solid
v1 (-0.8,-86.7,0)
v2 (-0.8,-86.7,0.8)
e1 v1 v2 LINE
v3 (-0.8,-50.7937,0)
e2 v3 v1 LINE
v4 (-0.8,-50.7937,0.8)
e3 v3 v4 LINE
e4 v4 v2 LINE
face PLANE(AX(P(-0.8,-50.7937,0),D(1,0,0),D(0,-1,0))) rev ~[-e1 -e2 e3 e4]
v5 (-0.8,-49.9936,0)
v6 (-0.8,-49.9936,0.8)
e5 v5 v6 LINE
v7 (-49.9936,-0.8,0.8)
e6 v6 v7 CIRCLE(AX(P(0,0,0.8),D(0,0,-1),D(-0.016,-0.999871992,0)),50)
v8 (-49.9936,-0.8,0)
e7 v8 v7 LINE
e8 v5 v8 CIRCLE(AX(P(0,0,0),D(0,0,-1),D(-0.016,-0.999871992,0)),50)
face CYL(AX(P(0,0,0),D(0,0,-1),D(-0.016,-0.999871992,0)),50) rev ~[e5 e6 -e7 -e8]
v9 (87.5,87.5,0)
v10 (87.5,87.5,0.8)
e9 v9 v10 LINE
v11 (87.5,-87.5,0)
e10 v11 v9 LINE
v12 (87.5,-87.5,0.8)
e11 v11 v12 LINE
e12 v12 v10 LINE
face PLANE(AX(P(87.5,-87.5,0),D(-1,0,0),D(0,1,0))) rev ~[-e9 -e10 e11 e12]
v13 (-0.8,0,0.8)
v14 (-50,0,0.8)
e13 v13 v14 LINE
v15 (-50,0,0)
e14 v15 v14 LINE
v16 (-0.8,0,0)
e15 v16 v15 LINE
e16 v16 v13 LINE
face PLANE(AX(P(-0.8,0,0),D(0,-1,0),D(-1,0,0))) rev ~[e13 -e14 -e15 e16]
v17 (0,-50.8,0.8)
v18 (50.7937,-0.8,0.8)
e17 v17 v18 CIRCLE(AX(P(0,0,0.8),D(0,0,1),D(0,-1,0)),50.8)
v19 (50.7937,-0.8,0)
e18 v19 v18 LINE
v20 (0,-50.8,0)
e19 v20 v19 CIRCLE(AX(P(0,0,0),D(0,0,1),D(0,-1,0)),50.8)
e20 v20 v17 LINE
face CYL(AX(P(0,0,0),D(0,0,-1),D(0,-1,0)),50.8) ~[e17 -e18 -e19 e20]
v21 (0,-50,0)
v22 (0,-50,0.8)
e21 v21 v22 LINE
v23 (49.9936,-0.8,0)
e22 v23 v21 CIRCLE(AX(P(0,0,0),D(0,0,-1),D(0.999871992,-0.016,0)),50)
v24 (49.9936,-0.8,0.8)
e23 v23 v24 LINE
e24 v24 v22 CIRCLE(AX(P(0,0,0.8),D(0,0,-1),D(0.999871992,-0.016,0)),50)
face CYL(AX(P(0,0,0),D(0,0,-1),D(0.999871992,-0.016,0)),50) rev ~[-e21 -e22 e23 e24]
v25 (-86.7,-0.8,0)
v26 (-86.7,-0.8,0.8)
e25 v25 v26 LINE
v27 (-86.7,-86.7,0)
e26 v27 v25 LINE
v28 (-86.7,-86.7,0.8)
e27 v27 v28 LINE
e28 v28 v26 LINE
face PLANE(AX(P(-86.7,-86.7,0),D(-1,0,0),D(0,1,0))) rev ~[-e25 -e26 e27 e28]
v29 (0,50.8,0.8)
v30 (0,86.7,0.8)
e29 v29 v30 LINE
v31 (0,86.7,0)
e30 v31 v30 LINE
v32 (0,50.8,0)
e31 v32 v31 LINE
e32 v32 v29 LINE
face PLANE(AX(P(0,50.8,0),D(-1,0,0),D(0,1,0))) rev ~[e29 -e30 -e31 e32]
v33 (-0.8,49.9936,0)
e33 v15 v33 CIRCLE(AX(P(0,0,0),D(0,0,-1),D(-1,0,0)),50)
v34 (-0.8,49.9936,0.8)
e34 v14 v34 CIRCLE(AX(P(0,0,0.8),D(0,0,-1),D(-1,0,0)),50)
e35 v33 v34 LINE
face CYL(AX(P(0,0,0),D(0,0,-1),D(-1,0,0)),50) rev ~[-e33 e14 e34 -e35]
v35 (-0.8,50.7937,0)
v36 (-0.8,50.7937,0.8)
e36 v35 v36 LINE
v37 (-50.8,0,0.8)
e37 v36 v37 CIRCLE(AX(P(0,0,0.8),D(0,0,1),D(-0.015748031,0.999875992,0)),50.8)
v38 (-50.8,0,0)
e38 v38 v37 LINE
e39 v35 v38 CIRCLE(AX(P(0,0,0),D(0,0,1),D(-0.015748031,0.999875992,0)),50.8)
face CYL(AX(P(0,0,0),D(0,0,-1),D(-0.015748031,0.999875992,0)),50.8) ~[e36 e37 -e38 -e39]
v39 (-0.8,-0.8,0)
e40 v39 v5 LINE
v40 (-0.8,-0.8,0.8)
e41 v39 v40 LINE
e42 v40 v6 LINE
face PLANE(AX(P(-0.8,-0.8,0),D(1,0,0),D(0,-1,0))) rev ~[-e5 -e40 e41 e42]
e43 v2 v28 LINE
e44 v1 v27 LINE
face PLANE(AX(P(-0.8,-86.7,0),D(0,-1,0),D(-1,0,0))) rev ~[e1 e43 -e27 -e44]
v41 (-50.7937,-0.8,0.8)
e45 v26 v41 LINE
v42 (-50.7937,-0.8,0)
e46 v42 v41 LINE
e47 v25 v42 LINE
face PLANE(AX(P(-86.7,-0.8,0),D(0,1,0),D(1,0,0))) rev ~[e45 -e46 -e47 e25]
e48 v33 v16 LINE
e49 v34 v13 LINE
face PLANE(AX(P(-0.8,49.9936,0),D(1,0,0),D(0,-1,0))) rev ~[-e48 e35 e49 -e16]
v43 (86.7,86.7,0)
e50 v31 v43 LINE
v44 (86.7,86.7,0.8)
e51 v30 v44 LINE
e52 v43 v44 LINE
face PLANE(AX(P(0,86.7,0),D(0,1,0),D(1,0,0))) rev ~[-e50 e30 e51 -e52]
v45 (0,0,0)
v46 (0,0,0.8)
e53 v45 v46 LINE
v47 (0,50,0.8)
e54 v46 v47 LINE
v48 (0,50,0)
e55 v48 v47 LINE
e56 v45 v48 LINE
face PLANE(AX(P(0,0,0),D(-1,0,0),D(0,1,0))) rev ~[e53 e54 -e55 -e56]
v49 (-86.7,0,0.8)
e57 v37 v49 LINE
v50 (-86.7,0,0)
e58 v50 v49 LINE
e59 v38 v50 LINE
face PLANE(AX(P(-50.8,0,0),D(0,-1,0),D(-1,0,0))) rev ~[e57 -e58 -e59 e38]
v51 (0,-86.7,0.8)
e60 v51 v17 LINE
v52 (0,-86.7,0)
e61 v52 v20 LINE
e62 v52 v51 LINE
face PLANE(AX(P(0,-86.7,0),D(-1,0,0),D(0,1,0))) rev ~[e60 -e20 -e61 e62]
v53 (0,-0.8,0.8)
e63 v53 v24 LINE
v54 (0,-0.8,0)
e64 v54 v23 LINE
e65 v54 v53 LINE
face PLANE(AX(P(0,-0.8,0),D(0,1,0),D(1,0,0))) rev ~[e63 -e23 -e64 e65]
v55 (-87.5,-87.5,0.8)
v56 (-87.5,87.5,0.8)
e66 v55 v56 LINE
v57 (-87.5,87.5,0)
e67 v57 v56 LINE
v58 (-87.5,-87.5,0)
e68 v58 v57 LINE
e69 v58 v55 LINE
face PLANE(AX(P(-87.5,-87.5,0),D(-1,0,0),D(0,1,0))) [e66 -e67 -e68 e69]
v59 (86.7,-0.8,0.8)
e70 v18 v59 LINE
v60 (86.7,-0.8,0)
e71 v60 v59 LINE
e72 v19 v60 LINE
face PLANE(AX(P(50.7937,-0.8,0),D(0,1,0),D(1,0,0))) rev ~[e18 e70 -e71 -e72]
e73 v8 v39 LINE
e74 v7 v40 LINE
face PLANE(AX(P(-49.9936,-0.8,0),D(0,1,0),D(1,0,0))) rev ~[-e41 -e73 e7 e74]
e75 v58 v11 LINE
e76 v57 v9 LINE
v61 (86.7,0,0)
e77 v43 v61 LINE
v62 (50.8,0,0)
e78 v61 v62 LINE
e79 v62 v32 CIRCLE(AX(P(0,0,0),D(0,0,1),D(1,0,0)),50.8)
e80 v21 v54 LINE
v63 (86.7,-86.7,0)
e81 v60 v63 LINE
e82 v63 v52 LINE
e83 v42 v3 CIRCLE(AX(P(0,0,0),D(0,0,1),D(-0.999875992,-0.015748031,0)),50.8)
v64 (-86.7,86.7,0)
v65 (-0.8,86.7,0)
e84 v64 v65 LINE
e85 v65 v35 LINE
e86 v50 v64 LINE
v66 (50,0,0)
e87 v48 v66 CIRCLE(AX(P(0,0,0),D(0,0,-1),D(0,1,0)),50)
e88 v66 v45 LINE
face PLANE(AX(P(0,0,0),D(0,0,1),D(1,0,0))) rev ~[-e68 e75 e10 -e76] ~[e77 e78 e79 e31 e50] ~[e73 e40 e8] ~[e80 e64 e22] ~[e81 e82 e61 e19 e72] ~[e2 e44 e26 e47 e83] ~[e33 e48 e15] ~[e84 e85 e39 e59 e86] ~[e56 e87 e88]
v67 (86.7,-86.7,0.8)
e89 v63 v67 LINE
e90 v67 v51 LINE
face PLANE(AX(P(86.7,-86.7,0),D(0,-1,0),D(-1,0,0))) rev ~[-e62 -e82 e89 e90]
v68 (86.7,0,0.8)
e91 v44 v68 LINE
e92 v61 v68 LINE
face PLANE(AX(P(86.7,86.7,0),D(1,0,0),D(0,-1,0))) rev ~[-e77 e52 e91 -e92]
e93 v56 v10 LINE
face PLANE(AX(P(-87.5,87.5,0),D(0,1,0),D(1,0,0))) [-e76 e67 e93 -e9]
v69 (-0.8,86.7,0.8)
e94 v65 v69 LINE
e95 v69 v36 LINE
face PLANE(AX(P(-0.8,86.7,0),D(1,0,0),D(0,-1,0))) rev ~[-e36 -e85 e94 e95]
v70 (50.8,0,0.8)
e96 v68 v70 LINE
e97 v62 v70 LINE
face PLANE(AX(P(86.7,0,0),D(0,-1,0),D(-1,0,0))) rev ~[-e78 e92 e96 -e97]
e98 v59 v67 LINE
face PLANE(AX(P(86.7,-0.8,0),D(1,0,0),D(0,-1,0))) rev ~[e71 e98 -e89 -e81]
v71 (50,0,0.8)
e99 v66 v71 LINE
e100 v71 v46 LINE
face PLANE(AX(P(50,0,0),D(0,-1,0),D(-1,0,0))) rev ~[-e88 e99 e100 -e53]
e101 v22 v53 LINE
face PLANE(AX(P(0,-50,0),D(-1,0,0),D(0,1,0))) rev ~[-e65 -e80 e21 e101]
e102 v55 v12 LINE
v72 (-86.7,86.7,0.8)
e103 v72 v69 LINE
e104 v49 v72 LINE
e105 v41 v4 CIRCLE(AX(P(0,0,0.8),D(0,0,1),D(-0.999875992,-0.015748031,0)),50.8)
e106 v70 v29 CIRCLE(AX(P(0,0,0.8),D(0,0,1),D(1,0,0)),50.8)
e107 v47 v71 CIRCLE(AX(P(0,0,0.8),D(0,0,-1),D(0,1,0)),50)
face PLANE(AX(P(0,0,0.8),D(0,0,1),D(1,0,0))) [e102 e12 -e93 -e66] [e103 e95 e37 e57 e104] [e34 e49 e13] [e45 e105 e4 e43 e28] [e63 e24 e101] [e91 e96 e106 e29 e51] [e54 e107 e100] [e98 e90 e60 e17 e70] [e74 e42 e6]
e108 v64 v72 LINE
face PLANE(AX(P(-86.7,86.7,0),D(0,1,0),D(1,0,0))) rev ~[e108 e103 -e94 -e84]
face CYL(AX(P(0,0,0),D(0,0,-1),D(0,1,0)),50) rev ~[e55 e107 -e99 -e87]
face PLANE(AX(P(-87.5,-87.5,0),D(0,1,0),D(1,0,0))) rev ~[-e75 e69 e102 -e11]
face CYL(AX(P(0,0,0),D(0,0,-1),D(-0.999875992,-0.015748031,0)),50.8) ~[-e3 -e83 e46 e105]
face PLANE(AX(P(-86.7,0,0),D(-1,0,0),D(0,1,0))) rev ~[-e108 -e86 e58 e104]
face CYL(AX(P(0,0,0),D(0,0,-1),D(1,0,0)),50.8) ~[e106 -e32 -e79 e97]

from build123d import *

# Parameters (mm, degrees)
F0_W     = 175
F0_H     = 175
F1_DEPTH = 0.8


with BuildPart() as f1:
    # F0 (on Top) → F1 (new body)
    with BuildSketch(Plane.XY):
        Rectangle(F0_W, F0_H)
        with BuildLine():
            Line((0, 86.7), (86.7, 86.7))
            Line((86.7, 86.7), (86.7, 0))
            Line((86.7, 0), (50.8, 0))
            ThreePointArc((50.8, 0), (50.7984250748, -0.4000124014), (50.7937003968, -0.8))
            Line((50.7937003968, -0.8), (86.7, -0.8))
            Line((86.7, -0.8), (86.7, -86.7))
            Line((86.7, -86.7), (0, -86.7))
            Line((0, -86.7), (0, -50.8))
            ThreePointArc((0, -50.8), (-0.4000124014, -50.7984250748), (-0.8, -50.7937003968))
            Line((-0.8, -50.7937003968), (-0.8, -86.7))
            Line((-0.8, -86.7), (-86.7, -86.7))
            Line((-86.7, -86.7), (-86.7, -0.8))
            Line((-86.7, -0.8), (-86.7, 0))
            Line((-86.7, 0), (-86.7, 86.7))
            Line((-86.7, 86.7), (-0.8, 86.7))
            Line((-0.8, 86.7), (-0.8, 50.7937003968))
            ThreePointArc((-0.8, 50.7937003968), (-0.4000124014, 50.7984250748), (0, 50.8))
            Line((0, 50.8), (0, 86.7))
        make_face(mode=Mode.SUBTRACT)
        with BuildLine():
            Line((-0.8, 49.9935995903), (-0.8, 50.7937003968))
            ThreePointArc((-0.8, 50.7937003968), (-36.2027623255, 35.6370593624), (-50.8, 0))
            Line((-50.8, 0), (-50, 0))
            ThreePointArc((-50, 0), (-35.6370593624, 35.0713558335), (-0.8, 49.9935995903))
        make_face()
        with BuildLine():
            Line((-50, 0), (-50.8, 0))
            ThreePointArc((-50.8, 0), (-50.7984250748, -0.4000124014), (-50.7937003968, -0.8))
            Line((-50.7937003968, -0.8), (-49.9935995903, -0.8))
            ThreePointArc((-49.9935995903, -0.8), (-49.998399872, -0.4000128014), (-50, 0))
        make_face()
        with BuildLine():
            Line((-49.9935995903, -0.8), (-50.7937003968, -0.8))
            ThreePointArc((-50.7937003968, -0.8), (-35.9210244843, -35.9210244843), (-0.8, -50.7937003968))
            Line((-0.8, -50.7937003968), (-0.8, -49.9935995903))
            ThreePointArc((-0.8, -49.9935995903), (-35.3553390593, -35.3553390593), (-49.9935995903, -0.8))
        make_face()
        with BuildLine():
            Line((0, 0), (0, 50))
            ThreePointArc((0, 50), (-0.4000128014, 49.998399872), (-0.8, 49.9935995903))
            Line((-0.8, 49.9935995903), (-0.8, 0))
            Line((-0.8, 0), (0, -0.8))
            Line((0, -0.8), (49.9935995903, -0.8))
            ThreePointArc((49.9935995903, -0.8), (49.998399872, -0.4000128014), (50, 0))
            Line((50, 0), (0, 0))
        make_face()
        with BuildLine():
            ThreePointArc((-50.7937003968, -0.8), (-50.7984250748, -0.4000124014), (-50.8, 0))
            Line((-50.8, 0), (-86.7, 0))
            Line((-86.7, 0), (-86.7, -0.8))
            Line((-86.7, -0.8), (-50.7937003968, -0.8))
        make_face()
        with BuildLine():
            ThreePointArc((50.8, 0), (35.9210244843, 35.9210244843), (0, 50.8))
            Line((0, 50.8), (0, 50))
            ThreePointArc((0, 50), (35.3553390593, 35.3553390593), (50, 0))
            Line((50, 0), (50.8, 0))
        make_face()
        with BuildLine():
            ThreePointArc((50.7937003968, -0.8), (50.7984250748, -0.4000124014), (50.8, 0))
            Line((50.8, 0), (50, 0))
            ThreePointArc((50, 0), (49.998399872, -0.4000128014), (49.9935995903, -0.8))
            Line((49.9935995903, -0.8), (50.7937003968, -0.8))
        make_face()
        with BuildLine():
            ThreePointArc((0, -50.8), (35.6370593624, -36.2027623255), (50.7937003968, -0.8))
            Line((50.7937003968, -0.8), (49.9935995903, -0.8))
            ThreePointArc((49.9935995903, -0.8), (35.0713558335, -35.6370593624), (0, -50))
            Line((0, -50), (0, -50.8))
        make_face()
        with BuildLine():
            ThreePointArc((-0.8, -50.7937003968), (-0.4000124014, -50.7984250748), (0, -50.8))
            Line((0, -50.8), (0, -50))
            ThreePointArc((0, -50), (-0.4000128014, -49.998399872), (-0.8, -49.9935995903))
            Line((-0.8, -49.9935995903), (-0.8, -50.7937003968))
        make_face()
        with BuildLine():
            Line((0, 50), (0, 50.8))
            ThreePointArc((0, 50.8), (-0.4000124014, 50.7984250748), (-0.8, 50.7937003968))
            Line((-0.8, 50.7937003968), (-0.8, 49.9935995903))
            ThreePointArc((-0.8, 49.9935995903), (-0.4000128014, 49.998399872), (0, 50))
        make_face()
        with BuildLine():
            Line((0, -0.8), (-0.8, 0))
            Line((-0.8, 0), (-50, 0))
            ThreePointArc((-50, 0), (-49.998399872, -0.4000128014), (-49.9935995903, -0.8))
            Line((-49.9935995903, -0.8), (-0.8, -0.8))
            Line((-0.8, -0.8), (-0.8, -49.9935995903))
            ThreePointArc((-0.8, -49.9935995903), (-0.4000128014, -49.998399872), (0, -50))
            Line((0, -50), (0, -0.8))
        make_face()
    extrude(amount=F1_DEPTH)


solid = f1.part
